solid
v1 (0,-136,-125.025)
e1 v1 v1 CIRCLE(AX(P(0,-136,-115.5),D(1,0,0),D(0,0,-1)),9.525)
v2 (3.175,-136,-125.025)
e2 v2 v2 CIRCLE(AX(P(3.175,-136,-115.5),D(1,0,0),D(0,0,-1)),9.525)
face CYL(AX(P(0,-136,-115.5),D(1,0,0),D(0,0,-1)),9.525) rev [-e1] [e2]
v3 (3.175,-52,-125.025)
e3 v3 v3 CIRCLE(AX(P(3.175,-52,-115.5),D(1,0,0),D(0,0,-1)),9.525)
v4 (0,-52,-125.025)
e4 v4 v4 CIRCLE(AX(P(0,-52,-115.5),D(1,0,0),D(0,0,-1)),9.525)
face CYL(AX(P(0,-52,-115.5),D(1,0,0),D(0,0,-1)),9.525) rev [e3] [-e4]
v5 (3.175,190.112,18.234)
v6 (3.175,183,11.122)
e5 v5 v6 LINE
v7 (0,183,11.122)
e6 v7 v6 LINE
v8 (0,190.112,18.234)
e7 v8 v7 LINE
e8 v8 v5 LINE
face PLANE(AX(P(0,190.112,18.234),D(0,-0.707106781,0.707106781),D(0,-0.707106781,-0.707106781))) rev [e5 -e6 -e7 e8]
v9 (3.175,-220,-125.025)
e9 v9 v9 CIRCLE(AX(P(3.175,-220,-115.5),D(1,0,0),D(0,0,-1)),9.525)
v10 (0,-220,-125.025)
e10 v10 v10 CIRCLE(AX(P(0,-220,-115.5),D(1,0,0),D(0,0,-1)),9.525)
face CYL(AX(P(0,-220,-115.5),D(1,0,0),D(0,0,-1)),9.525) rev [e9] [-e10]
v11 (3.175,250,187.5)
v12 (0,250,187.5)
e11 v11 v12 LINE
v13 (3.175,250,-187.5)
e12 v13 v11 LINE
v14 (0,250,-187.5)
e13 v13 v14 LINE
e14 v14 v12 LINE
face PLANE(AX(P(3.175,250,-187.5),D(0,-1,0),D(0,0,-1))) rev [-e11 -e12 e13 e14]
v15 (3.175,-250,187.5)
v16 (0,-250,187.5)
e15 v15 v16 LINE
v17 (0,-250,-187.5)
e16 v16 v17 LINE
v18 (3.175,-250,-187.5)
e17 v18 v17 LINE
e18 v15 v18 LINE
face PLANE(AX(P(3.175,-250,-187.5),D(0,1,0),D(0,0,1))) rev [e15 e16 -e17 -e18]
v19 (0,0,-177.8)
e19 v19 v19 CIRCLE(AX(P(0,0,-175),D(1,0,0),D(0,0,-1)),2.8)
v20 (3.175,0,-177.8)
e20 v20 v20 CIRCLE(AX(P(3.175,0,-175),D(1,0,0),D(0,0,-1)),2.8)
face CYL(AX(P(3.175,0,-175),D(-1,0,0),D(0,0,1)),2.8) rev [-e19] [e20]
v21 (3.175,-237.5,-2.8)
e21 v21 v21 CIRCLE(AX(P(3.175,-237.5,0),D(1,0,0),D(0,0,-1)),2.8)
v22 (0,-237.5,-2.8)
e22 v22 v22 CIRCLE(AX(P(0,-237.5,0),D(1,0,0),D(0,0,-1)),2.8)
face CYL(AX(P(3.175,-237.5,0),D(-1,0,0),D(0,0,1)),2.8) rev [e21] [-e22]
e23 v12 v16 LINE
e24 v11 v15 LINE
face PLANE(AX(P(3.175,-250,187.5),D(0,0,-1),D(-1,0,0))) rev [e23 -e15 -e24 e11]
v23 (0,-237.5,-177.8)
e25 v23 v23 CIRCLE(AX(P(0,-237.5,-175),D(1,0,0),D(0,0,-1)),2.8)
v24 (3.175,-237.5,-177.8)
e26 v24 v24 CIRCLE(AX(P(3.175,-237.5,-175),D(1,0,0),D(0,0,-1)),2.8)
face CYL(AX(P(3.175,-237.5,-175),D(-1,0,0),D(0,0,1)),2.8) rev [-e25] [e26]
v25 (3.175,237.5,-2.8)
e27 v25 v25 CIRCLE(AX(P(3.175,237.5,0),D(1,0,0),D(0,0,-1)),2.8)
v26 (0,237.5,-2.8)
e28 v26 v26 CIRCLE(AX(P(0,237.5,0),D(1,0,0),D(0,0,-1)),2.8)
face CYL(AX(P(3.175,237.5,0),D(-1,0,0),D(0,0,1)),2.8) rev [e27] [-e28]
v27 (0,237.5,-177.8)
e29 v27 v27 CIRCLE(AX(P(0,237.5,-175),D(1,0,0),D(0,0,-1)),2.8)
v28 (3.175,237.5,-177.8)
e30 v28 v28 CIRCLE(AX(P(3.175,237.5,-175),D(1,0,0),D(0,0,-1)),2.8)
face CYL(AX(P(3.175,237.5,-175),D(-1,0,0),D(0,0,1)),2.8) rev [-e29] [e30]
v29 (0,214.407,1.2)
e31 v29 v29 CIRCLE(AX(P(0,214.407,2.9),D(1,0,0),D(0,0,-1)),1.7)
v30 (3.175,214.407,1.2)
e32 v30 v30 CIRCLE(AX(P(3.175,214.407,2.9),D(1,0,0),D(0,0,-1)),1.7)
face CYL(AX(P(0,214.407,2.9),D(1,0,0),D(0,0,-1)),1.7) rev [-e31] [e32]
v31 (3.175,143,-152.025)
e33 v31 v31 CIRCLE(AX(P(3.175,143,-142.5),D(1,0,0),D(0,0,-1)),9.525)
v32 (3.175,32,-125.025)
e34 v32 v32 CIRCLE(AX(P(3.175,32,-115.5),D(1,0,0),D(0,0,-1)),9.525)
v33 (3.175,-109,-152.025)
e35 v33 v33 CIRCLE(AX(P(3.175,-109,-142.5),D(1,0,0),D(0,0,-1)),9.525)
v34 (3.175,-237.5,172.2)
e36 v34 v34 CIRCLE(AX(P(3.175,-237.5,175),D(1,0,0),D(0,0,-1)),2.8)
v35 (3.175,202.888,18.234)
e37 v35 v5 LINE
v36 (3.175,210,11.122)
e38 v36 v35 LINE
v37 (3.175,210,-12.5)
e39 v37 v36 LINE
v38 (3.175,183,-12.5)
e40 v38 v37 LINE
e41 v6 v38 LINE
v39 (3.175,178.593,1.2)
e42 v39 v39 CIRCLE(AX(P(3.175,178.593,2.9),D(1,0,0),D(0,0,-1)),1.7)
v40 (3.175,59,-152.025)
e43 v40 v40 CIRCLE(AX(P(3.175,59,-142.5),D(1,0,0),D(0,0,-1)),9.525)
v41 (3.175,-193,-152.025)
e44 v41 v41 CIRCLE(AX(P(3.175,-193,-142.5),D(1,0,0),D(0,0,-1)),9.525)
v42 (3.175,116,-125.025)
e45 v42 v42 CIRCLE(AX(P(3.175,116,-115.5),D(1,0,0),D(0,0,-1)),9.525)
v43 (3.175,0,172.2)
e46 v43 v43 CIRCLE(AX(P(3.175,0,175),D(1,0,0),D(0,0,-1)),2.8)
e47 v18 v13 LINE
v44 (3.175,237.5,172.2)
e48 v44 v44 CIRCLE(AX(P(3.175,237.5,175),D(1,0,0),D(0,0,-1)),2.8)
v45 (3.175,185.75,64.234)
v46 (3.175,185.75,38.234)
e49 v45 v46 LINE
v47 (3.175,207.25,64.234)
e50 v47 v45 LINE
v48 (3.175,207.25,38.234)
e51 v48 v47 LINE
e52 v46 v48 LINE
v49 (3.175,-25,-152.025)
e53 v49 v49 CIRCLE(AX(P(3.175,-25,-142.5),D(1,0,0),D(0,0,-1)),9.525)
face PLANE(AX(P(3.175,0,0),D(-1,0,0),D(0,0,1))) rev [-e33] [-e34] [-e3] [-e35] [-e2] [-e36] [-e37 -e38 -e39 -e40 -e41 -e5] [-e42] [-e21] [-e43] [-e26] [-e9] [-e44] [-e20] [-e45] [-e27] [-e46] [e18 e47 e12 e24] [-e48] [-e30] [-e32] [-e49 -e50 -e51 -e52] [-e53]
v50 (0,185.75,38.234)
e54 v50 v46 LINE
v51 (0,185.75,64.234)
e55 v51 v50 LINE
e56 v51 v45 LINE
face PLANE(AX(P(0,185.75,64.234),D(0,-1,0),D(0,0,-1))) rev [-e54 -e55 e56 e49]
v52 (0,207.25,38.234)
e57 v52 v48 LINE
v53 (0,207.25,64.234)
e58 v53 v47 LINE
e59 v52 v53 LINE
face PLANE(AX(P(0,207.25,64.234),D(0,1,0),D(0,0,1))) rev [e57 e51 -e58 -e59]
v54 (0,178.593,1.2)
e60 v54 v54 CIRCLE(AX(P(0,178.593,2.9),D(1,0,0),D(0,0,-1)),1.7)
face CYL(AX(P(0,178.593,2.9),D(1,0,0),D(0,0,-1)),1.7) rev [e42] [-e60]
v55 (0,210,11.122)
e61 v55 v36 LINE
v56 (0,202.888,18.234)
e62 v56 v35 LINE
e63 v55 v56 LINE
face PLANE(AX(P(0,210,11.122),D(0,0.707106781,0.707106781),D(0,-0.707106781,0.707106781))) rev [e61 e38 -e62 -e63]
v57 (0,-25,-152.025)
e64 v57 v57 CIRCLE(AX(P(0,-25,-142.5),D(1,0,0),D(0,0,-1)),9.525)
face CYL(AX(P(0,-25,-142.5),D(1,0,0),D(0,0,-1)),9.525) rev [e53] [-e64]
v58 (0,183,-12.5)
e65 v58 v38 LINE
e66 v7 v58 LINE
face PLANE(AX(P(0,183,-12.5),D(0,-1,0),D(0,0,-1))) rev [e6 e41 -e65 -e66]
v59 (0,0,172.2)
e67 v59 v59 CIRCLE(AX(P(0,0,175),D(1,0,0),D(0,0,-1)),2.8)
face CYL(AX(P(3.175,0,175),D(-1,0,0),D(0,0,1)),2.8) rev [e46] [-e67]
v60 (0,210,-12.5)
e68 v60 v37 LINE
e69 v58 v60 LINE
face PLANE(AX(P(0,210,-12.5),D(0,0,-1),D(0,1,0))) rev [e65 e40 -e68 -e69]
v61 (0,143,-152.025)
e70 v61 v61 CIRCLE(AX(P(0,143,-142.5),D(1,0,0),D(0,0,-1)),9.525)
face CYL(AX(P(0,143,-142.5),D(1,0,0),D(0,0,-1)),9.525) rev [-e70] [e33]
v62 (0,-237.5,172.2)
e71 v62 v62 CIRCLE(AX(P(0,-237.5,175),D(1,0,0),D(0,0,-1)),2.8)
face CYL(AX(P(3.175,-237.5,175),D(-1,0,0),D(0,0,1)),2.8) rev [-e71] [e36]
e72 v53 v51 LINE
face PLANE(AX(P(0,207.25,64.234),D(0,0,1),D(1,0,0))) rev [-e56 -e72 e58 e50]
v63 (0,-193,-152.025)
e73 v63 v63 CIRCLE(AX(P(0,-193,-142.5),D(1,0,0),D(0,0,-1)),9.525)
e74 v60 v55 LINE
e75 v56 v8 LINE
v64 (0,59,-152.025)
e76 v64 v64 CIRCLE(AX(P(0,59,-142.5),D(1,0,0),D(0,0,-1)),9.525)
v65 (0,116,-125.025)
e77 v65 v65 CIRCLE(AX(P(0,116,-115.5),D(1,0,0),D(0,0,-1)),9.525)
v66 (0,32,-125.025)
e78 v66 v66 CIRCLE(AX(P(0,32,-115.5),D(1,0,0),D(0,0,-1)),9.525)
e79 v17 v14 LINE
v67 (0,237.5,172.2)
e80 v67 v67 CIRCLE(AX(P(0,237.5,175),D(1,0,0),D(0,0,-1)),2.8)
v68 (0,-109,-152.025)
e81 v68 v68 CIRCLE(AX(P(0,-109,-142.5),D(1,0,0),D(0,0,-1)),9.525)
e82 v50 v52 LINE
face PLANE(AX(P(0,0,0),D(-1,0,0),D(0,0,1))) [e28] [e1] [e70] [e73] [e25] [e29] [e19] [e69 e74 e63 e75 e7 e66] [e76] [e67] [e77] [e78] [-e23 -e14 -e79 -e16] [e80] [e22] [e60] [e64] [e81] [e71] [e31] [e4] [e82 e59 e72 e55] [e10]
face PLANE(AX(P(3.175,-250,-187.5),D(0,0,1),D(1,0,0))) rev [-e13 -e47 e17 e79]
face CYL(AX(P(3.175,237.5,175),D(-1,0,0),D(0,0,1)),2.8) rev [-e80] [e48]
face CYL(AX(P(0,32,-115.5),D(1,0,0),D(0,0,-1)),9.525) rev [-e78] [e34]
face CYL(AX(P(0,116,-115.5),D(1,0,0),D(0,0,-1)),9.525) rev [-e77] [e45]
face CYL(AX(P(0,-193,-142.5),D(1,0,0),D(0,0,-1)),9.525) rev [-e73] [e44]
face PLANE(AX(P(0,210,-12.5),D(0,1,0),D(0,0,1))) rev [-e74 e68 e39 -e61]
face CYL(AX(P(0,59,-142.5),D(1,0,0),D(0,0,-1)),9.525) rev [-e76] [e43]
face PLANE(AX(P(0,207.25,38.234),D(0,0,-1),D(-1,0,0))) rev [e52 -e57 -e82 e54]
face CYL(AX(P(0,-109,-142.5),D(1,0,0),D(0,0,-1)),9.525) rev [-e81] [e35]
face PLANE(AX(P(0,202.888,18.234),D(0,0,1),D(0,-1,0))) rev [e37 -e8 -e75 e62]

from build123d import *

# Parameters (mm, degrees)
SKETCH1_W           = 500
SKETCH1_H           = 375
SKETCH1_R           = 2.8
BOSS_EXTRUDE1_DEPTH = 3.175
SKETCH2_R           = 9.525
CUT_EXTRUDE1_DEPTH  = 313.516128584
CUT_EXTRUDE2_DEPTH  = 313.516128584
SKETCH5_R           = 1.7
CUT_EXTRUDE3_DEPTH  = 313.516128584
SKETCH6_W           = 21.5
SKETCH6_H           = 26
CUT_EXTRUDE4_DEPTH  = 313.516128584


with BuildPart() as part:
    # Sketch1 → Boss-Extrude1 (new body)
    with BuildSketch(Plane.YZ):
        Rectangle(SKETCH1_W, SKETCH1_H)
        with Locations(Location((-237.5, 175, 0), (0, 0, 270))):
            Circle(SKETCH1_R, mode=Mode.SUBTRACT)
        with Locations(Location((237.5, 175, 0), (0, 0, 270))):
            Circle(SKETCH1_R, mode=Mode.SUBTRACT)
        with Locations(Location((237.5, -175, 0), (0, 0, 270))):
            Circle(SKETCH1_R, mode=Mode.SUBTRACT)
        with Locations(Location((-237.5, -175, 0), (0, 0, 270))):
            Circle(SKETCH1_R, mode=Mode.SUBTRACT)
        with Locations(Location((-237.5, 0, 0), (0, 0, 270))):
            Circle(SKETCH1_R, mode=Mode.SUBTRACT)
        with Locations(Location((0, 175, 0), (0, 0, 270))):
            Circle(SKETCH1_R, mode=Mode.SUBTRACT)
        with Locations(Location((237.5, 0, 0), (0, 0, 270))):
            Circle(SKETCH1_R, mode=Mode.SUBTRACT)
        with Locations(Location((0, -175, 0), (0, 0, 270))):
            Circle(SKETCH1_R, mode=Mode.SUBTRACT)
    extrude(amount=BOSS_EXTRUDE1_DEPTH)

    # Sketch2 → Cut-Extrude1 (cut, through all)
    with BuildSketch(Plane.YZ.offset(3.175)):
        with Locations(Location((-220, -115.5, 0), (0, 0, 270))):
            Circle(SKETCH2_R)
        with Locations(Location((-193, -142.5, 0), (0, 0, 270))):
            Circle(SKETCH2_R)
        with Locations(Location((-136, -115.5, 0), (0, 0, 270))):
            Circle(SKETCH2_R)
        with Locations(Location((-109, -142.5, 0), (0, 0, 270))):
            Circle(SKETCH2_R)
        with Locations(Location((-52, -115.5, 0), (0, 0, 270))):
            Circle(SKETCH2_R)
        with Locations(Location((-25, -142.5, 0), (0, 0, 270))):
            Circle(SKETCH2_R)
        with Locations(Location((32, -115.5, 0), (0, 0, 270))):
            Circle(SKETCH2_R)
        with Locations(Location((59, -142.5, 0), (0, 0, 270))):
            Circle(SKETCH2_R)
        with Locations(Location((116, -115.5, 0), (0, 0, 270))):
            Circle(SKETCH2_R)
        with Locations(Location((143, -142.5, 0), (0, 0, 270))):
            Circle(SKETCH2_R)
    extrude(amount=-CUT_EXTRUDE1_DEPTH, mode=Mode.SUBTRACT)

    # Sketch4 → Cut-Extrude2 (cut, through all)
    with BuildSketch(Plane.YZ.offset(3.175)):
        Polygon((210, -12.5), (183, -12.5), (183, 11.122), (190.112, 18.234), (202.888, 18.234), (210, 11.122), align=None)
    extrude(amount=-CUT_EXTRUDE2_DEPTH, mode=Mode.SUBTRACT)

    # Sketch5 → Cut-Extrude3 (cut, through all)
    with BuildSketch(Plane.YZ.offset(3.175)):
        with Locations(Location((178.593, 2.9, 0), (0, 0, 270))):
            Circle(SKETCH5_R)
        with Locations(Location((214.407, 2.9, 0), (0, 0, 270))):
            Circle(SKETCH5_R)
    extrude(amount=-CUT_EXTRUDE3_DEPTH, mode=Mode.SUBTRACT)

    # Sketch6 → Cut-Extrude4 (cut, through all)
    with BuildSketch(Plane.YZ.offset(3.175)):
        with Locations((196.5, 51.234)):
            Rectangle(SKETCH6_W, SKETCH6_H)
    extrude(amount=-CUT_EXTRUDE4_DEPTH, mode=Mode.SUBTRACT)


solid = part.part
